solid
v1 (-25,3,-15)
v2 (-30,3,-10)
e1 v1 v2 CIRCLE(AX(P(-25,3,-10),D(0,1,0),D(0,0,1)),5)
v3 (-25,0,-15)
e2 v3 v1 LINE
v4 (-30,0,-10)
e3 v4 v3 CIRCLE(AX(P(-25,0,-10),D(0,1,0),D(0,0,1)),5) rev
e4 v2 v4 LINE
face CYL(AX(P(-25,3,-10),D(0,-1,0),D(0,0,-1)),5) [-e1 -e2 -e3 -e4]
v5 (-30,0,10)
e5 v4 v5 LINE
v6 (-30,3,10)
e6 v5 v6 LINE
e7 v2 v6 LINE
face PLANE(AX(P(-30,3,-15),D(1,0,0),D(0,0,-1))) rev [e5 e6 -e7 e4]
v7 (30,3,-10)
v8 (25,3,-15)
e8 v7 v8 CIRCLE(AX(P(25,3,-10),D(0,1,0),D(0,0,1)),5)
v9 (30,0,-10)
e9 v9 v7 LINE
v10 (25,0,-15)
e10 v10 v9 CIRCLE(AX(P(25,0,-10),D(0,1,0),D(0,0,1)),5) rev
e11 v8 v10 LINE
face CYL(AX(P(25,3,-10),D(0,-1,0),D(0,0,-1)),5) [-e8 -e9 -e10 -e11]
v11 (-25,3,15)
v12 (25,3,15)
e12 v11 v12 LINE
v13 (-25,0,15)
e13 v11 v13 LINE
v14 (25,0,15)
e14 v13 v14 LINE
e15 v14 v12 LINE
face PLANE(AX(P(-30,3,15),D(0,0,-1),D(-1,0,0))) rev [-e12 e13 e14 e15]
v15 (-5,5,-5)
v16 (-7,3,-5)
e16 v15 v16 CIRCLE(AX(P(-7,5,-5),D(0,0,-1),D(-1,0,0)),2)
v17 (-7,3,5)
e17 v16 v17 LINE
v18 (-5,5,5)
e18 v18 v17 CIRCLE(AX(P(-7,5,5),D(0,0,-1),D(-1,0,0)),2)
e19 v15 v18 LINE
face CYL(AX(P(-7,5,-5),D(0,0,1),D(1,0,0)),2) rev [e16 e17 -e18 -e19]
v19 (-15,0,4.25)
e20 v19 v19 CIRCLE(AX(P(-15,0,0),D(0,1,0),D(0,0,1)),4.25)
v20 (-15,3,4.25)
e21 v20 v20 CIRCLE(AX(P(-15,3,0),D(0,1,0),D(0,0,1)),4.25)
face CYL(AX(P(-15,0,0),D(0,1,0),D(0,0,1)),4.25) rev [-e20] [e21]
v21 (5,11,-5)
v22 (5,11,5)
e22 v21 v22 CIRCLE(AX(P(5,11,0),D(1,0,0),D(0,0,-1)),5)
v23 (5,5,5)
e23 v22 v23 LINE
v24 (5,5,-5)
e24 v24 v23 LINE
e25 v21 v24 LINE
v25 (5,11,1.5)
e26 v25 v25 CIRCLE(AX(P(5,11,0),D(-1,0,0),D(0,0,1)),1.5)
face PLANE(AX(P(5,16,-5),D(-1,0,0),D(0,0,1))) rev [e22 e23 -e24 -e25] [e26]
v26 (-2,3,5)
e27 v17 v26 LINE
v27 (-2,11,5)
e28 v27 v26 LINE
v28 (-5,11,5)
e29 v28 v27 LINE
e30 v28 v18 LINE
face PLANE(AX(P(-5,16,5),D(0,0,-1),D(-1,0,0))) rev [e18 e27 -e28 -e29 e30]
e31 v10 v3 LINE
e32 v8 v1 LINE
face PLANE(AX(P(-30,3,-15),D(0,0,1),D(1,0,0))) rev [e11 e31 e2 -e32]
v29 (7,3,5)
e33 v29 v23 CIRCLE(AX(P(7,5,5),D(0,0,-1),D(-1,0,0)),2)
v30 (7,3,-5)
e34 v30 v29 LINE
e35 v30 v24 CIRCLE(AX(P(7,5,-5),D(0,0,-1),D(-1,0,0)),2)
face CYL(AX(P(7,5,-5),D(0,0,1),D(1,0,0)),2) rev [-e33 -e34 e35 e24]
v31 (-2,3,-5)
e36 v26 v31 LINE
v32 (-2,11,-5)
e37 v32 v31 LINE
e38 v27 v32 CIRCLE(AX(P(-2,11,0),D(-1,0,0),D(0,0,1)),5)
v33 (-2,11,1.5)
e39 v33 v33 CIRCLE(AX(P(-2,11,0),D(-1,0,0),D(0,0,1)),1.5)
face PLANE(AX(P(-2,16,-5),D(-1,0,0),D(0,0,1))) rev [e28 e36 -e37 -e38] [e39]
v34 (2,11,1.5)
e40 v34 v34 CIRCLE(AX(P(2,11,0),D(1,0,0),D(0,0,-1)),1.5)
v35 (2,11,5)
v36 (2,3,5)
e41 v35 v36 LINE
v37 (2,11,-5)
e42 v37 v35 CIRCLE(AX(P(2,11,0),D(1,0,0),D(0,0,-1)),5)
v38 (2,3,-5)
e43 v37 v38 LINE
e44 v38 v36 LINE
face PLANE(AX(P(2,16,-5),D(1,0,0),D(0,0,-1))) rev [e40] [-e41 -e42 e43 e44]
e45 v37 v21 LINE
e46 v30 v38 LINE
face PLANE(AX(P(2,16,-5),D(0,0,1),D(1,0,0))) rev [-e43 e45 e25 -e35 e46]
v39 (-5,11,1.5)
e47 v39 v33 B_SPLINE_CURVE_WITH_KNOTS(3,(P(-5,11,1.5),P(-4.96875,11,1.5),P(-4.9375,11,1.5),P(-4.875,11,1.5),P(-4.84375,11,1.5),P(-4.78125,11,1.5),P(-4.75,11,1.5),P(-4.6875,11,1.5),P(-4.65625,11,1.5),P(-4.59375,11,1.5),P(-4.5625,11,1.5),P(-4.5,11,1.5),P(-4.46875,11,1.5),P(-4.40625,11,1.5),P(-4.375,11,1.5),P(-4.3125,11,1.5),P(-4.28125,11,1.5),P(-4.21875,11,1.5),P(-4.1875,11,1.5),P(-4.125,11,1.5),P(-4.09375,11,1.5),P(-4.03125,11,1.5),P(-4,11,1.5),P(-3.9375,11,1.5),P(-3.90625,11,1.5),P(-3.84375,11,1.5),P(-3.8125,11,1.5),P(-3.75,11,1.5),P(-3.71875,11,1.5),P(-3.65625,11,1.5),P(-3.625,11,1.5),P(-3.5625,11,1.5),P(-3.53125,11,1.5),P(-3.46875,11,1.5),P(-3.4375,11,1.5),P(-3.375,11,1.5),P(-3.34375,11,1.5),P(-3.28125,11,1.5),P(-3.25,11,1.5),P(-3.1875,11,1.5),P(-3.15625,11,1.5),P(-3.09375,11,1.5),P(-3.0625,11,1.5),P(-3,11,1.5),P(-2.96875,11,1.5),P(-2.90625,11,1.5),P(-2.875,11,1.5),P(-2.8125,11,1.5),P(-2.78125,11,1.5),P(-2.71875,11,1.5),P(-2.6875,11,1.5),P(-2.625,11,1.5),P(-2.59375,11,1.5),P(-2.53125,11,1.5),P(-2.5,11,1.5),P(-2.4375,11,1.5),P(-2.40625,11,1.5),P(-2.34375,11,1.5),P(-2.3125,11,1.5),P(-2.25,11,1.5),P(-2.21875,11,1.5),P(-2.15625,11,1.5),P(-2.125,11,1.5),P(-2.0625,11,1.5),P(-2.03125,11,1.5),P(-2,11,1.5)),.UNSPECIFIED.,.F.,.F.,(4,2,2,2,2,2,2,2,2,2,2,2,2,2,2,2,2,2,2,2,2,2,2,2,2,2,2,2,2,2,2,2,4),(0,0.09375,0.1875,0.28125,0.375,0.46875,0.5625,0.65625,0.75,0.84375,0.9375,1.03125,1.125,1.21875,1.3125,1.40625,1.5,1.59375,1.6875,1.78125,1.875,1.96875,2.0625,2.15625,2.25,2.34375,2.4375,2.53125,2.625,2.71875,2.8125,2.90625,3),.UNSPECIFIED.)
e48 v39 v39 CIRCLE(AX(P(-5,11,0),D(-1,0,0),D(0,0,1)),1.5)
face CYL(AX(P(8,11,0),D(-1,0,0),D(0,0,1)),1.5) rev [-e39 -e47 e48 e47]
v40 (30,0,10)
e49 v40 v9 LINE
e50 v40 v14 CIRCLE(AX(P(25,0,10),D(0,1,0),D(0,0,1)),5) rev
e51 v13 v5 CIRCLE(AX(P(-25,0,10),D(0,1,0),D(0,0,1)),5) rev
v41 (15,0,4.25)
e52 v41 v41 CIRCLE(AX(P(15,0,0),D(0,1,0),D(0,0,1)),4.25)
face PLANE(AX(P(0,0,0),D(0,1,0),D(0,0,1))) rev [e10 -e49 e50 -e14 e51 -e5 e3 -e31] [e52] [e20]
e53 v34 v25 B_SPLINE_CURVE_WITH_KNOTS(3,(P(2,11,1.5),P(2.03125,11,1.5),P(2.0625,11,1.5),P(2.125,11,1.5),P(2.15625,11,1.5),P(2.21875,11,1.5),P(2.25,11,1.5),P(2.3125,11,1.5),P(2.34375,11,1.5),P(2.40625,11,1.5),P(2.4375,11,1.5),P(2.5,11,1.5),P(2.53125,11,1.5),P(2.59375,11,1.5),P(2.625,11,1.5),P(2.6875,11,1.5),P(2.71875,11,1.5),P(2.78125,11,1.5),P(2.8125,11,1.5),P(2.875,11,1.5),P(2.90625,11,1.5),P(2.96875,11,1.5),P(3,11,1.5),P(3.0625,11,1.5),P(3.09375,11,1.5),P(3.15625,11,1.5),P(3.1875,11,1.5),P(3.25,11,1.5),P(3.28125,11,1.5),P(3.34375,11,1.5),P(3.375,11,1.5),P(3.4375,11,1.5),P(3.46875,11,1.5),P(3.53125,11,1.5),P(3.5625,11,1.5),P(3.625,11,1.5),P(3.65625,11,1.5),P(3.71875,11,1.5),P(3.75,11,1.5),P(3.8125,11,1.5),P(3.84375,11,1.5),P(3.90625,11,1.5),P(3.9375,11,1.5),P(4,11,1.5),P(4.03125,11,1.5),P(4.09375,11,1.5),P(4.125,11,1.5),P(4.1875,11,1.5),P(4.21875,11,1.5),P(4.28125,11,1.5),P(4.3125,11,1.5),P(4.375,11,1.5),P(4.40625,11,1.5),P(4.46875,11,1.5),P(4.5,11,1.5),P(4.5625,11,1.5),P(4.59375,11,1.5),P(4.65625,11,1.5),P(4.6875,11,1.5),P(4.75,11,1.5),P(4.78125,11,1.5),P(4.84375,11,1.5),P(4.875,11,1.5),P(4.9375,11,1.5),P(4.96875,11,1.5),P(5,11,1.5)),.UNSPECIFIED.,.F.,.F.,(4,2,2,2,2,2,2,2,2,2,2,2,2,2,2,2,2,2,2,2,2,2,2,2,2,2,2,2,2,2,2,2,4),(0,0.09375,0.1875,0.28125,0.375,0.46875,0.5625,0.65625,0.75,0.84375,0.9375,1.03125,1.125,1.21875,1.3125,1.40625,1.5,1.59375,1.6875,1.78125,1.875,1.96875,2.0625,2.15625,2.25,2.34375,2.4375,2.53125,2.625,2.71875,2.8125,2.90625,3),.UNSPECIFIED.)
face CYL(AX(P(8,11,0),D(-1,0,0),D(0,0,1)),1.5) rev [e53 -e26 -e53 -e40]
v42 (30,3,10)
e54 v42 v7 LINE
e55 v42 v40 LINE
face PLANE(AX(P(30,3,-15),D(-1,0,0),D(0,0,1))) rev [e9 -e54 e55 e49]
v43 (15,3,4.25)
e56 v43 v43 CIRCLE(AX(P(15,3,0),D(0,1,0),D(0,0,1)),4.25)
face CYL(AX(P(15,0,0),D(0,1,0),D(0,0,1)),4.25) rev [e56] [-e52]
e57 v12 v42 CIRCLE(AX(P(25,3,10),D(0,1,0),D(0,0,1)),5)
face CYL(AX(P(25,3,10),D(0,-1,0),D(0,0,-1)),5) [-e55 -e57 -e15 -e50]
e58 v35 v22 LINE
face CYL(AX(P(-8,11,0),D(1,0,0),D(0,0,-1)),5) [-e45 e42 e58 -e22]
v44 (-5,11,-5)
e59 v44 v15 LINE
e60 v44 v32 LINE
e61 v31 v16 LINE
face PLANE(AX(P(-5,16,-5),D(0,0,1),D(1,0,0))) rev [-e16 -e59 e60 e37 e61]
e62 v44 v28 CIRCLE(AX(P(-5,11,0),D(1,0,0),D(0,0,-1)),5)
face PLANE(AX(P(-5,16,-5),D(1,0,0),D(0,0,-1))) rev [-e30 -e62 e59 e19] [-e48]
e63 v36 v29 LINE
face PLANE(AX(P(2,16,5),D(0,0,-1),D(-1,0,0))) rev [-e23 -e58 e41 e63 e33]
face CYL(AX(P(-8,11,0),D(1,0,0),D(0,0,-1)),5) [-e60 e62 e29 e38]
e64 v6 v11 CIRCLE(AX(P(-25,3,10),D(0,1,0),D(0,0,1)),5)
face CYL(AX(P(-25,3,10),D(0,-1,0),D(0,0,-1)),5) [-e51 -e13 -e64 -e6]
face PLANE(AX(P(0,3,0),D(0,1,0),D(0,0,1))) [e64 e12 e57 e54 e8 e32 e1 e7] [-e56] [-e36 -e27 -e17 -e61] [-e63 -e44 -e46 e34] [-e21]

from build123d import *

# Parameters (mm, degrees)
CROQUIS1_W              = 60
CROQUIS1_H              = 30
SALIENTE_EXTRUIR1_DEPTH = 3
CROQUIS2_R              = 4.25
CORTAR_EXTRUIR1_DEPTH   = 3
REDONDEO1_R             = 5
CROQUIS4_W              = 3
CROQUIS4_H              = 10
SALIENTE_EXTRUIR2_DEPTH = 13
CORTAR_EXTRUIR2_DEPTH   = 13
CROQUIS6_R              = 1.5
CORTAR_EXTRUIR3_DEPTH   = 13
SALIENTE_EXTRUIR3_DEPTH = 10


with BuildPart() as part:
    # Croquis1 → Saliente-Extruir1 (new body)
    with BuildSketch(Plane(origin=(0, 0, 0), x_dir=(1, 0, 0), z_dir=(0, 1, 0))):
        Rectangle(CROQUIS1_W, CROQUIS1_H)
    extrude(amount=SALIENTE_EXTRUIR1_DEPTH)

    # Croquis2 → Cortar-Extruir1 (cut)
    with BuildSketch(Plane(origin=(0, 3, 0), x_dir=(1, 0, 0), z_dir=(0, 1, 0))):
        with Locations(Location((-15, 0, 0), (0, 0, 270))):
            Circle(CROQUIS2_R)
        with Locations(Location((15, 0, 0), (0, 0, 270))):
            Circle(CROQUIS2_R)
    extrude(amount=-CORTAR_EXTRUIR1_DEPTH, mode=Mode.SUBTRACT)

    # Redondeo1
    redondeo1_edges = [part.edges().sort_by_distance(p)[0] for p in [
        (30, 1.5, 15),
        (-30, 1.5, 15),
        (-30, 1.5, -15),
        (30, 1.5, -15),
    ]]
    fillet(redondeo1_edges, radius=REDONDEO1_R)

    # Croquis4 → Saliente-Extruir2 (add)
    with BuildSketch(Plane(origin=(0, 3, 0), x_dir=(1, 0, 0), z_dir=(0, 1, 0))):
        with Locations((-3.5, 0)):
            Rectangle(CROQUIS4_W, CROQUIS4_H)
        with Locations((3.5, 0)):
            Rectangle(CROQUIS4_W, CROQUIS4_H)
    extrude(amount=SALIENTE_EXTRUIR2_DEPTH)

    # Croquis5 → Cortar-Extruir2 (cut)
    with BuildSketch(Plane(origin=(5, 0, 0), x_dir=(0, 0, -1), z_dir=(1, 0, 0))):
        with BuildLine():
            Line((-5, 16), (-5, 11))
            ThreePointArc((-5, 11), (-3.535533906, 14.535533906), (0, 16))
            Line((0, 16), (-5, 16))
        make_face()
        with BuildLine():
            ThreePointArc((0, 16), (3.535533906, 14.535533906), (5, 11))
            Line((5, 11), (5, 16))
            Line((5, 16), (0, 16))
        make_face()
    extrude(amount=-CORTAR_EXTRUIR2_DEPTH, mode=Mode.SUBTRACT)

    # Croquis6 → Cortar-Extruir3 (cut)
    with BuildSketch(Plane.ZY.offset(5)):
        with Locations((0, 11)):
            Circle(CROQUIS6_R)
    extrude(amount=-CORTAR_EXTRUIR3_DEPTH, mode=Mode.SUBTRACT)

    # Croquis7 → Saliente-Extruir3 (add)
    with BuildSketch(Plane.XY.offset(5)):
        with BuildLine():
            Line((-7, 3), (-5, 3))
            Line((-5, 3), (-5, 5))
            ThreePointArc((-5, 5), (-5.585786438, 3.585786438), (-7, 3))
        make_face()
        with BuildLine():
            Line((5, 5), (5, 3))
            Line((5, 3), (7, 3))
            ThreePointArc((7, 3), (5.585786438, 3.585786438), (5, 5))
        make_face()
    extrude(amount=-SALIENTE_EXTRUIR3_DEPTH)


solid = part.part
